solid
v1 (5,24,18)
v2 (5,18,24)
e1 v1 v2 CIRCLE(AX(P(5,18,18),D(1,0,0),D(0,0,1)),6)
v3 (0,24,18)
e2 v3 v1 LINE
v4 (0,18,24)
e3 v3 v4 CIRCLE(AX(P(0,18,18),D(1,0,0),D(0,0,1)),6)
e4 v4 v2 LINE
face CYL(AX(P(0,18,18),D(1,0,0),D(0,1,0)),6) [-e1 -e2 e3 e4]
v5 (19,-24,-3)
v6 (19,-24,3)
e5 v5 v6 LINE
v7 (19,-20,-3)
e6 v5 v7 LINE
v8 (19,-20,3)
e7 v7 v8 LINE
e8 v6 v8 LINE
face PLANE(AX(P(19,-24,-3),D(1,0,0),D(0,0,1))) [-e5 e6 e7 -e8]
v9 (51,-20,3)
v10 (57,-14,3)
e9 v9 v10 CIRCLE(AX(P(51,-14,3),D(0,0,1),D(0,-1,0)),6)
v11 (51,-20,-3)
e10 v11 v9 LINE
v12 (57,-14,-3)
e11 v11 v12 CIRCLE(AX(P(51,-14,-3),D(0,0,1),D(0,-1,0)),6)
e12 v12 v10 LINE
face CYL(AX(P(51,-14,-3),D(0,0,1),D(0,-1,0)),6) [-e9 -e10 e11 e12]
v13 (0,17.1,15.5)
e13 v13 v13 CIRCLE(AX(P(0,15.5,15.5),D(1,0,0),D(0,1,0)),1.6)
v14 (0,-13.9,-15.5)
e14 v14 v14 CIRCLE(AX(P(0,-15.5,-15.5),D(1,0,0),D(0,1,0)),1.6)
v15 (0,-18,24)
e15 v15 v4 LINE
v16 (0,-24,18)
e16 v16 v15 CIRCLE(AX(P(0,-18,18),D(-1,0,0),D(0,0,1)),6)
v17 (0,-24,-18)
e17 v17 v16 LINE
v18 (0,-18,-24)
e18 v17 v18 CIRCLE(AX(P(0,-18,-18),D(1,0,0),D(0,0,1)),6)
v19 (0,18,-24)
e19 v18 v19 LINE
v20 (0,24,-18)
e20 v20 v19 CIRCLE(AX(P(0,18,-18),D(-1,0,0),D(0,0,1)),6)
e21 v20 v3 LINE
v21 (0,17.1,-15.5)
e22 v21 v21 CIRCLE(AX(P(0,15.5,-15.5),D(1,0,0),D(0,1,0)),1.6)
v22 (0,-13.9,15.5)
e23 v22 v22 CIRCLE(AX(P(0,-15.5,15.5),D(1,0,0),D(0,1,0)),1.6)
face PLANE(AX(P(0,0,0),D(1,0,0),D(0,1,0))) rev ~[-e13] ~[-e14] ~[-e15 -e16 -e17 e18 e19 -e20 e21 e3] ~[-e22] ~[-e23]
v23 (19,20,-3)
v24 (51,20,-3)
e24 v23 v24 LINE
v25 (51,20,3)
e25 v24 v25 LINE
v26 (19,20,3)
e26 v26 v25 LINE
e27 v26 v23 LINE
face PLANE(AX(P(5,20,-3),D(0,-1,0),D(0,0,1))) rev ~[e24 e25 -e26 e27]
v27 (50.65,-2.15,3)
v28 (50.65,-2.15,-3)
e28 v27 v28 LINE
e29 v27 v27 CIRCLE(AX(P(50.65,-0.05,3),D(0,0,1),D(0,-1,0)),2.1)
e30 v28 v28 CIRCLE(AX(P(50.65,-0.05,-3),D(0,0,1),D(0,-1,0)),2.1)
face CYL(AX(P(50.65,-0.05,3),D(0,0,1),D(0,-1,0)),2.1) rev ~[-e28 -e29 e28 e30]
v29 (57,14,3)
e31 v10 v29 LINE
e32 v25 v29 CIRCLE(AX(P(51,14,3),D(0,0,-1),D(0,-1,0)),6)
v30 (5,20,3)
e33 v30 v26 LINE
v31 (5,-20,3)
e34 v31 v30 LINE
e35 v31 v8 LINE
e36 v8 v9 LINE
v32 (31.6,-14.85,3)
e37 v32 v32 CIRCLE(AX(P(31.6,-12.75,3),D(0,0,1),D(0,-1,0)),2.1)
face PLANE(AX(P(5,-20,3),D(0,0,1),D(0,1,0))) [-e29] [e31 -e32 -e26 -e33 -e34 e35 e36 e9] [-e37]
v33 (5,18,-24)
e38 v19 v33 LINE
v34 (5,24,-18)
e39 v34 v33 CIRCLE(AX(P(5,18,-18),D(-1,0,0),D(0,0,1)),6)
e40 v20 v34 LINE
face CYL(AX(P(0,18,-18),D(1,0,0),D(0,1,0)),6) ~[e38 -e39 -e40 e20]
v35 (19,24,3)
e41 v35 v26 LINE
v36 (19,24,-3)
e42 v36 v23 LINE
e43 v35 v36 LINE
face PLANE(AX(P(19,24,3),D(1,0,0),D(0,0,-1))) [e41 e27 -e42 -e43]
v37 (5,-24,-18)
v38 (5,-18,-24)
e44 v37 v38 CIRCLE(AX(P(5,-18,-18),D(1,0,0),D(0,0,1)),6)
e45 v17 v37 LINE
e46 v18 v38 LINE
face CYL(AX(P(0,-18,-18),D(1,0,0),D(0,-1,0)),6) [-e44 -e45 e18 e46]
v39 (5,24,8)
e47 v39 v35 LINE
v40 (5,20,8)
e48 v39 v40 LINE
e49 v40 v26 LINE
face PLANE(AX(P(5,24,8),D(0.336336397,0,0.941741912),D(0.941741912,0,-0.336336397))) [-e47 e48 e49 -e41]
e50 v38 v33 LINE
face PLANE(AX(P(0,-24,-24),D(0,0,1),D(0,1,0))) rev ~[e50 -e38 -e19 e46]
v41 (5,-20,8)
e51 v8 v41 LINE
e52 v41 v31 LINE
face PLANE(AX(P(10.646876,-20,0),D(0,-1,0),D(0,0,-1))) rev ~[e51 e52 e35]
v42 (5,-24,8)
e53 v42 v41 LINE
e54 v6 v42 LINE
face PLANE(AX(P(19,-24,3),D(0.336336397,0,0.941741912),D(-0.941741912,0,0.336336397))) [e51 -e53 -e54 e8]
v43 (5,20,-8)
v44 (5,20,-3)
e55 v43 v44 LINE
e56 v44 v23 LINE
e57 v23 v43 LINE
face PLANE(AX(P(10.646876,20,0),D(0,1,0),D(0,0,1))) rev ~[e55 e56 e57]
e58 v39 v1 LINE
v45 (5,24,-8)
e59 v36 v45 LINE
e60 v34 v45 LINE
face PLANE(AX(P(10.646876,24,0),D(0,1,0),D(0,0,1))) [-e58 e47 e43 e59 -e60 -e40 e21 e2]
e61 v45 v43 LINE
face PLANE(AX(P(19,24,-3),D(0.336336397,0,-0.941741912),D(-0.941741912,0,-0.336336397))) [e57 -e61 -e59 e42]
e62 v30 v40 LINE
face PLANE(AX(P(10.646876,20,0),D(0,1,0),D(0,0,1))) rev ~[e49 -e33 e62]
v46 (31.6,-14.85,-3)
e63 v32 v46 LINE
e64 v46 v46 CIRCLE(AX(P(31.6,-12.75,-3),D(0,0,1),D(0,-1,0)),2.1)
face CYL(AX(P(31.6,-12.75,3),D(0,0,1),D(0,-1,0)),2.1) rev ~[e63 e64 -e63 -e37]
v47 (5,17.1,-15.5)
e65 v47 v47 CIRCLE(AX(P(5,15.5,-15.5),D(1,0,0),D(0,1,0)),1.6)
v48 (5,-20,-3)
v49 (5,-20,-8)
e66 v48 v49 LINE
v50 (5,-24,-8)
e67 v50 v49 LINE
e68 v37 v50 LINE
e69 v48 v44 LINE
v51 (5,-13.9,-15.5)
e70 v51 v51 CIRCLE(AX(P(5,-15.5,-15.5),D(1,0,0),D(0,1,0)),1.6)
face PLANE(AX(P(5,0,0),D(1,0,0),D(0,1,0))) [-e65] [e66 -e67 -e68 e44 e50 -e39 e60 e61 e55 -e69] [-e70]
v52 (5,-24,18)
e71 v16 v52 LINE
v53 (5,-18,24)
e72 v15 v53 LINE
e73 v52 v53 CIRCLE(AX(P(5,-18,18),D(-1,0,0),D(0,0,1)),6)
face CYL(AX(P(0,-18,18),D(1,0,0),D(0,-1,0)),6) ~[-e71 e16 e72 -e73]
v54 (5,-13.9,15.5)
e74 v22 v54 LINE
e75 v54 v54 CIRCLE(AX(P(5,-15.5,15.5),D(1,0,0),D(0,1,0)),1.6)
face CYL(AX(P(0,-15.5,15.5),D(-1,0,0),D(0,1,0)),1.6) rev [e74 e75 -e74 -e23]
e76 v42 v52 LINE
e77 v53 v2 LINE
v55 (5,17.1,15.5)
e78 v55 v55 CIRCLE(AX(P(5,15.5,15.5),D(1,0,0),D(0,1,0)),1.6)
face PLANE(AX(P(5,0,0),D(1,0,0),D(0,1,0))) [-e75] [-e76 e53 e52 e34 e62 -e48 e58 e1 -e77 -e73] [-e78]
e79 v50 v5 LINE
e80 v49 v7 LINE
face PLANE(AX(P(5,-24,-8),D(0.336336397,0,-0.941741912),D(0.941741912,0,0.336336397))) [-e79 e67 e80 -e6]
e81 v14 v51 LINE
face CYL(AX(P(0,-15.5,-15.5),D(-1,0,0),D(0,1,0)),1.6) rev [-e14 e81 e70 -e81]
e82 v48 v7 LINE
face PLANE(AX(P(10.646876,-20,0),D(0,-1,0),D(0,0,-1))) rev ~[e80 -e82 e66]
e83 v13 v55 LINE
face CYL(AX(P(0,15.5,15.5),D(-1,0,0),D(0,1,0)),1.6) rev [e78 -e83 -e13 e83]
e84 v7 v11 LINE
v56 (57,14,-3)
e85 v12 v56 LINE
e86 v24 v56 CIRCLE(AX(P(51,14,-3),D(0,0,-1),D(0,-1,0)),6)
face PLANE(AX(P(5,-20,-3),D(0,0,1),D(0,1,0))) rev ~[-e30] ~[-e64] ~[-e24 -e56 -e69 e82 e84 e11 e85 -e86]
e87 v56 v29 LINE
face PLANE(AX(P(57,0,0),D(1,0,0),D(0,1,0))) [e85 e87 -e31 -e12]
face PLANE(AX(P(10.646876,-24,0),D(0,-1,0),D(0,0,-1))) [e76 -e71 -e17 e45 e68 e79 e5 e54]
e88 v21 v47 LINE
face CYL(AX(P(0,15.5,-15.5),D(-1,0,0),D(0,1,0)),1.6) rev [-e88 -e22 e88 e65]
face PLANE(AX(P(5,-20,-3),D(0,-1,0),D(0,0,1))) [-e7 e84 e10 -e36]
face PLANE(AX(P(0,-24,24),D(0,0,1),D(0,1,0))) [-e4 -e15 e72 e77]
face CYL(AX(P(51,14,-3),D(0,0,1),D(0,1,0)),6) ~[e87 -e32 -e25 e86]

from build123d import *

# Parameters (mm, degrees)
SKETCH_W     = 48
SKETCH_H     = 48
SKETCH_R     = 1.6
PAD_DEPTH    = 5
SKETCH001_W  = 40
SKETCH001_H  = 6
PAD001_DEPTH = 52
PAD002_DEPTH = 4
PAD003_DEPTH = 4
SKETCH004_R  = 2.1
POCKET_DEPTH = 8
FILLET_R     = 6


with BuildPart() as part:
    # Sketch → Pad (new body)
    with BuildSketch(Plane.YZ):
        Rectangle(SKETCH_W, SKETCH_H)
        with Locations((-15.5, 15.5)):
            Circle(SKETCH_R, mode=Mode.SUBTRACT)
        with Locations((-15.5, -15.5)):
            Circle(SKETCH_R, mode=Mode.SUBTRACT)
        with Locations((15.5, -15.5)):
            Circle(SKETCH_R, mode=Mode.SUBTRACT)
        with Locations((15.5, 15.5)):
            Circle(SKETCH_R, mode=Mode.SUBTRACT)
    extrude(amount=PAD_DEPTH)

    # Sketch001 (on Face10 of Pad) → Pad001 (join)
    with BuildSketch(Plane.YZ.offset(5)):
        Rectangle(SKETCH001_W, SKETCH001_H)
    extrude(amount=PAD001_DEPTH)

    # Sketch002 (on DatumPlane) → Pad002 (join)
    with BuildSketch(Plane(origin=(0, -24, 0), x_dir=(0, 0, -1), z_dir=(0, -1, 0))):
        Polygon((-8, 5), (8, 5), (3, 19), (-3, 19), align=None)
    extrude(amount=-PAD002_DEPTH)

    # Sketch003 (on DatumPlane) → Pad003 (join)
    with BuildSketch(Plane.ZX.offset(24)):
        Polygon((-8, 5), (8, 5), (3, 19), (-3, 19), align=None)
    extrude(amount=-PAD003_DEPTH)

    # Sketch004 (on Face16 of Pad003) → Pocket (cut)
    with BuildSketch(Plane(origin=(0, 0, 3), x_dir=(0, -1, 0), z_dir=(0, 0, 1))):
        with Locations((0.05, 50.65)):
            Circle(SKETCH004_R)
        with Locations((12.75, 31.6)):
            Circle(SKETCH004_R)
    extrude(amount=-POCKET_DEPTH, mode=Mode.SUBTRACT)

    # Fillet
    fillet_edges = [part.edges().sort_by_distance(p)[0] for p in [
        (2.5, -24, 24),
        (57, -20, 0),
        (57, 20, 0),
        (2.5, -24, -24),
        (2.5, 24, -24),
        (2.5, 24, 24),
    ]]
    fillet(fillet_edges, radius=FILLET_R)


solid = part.part
